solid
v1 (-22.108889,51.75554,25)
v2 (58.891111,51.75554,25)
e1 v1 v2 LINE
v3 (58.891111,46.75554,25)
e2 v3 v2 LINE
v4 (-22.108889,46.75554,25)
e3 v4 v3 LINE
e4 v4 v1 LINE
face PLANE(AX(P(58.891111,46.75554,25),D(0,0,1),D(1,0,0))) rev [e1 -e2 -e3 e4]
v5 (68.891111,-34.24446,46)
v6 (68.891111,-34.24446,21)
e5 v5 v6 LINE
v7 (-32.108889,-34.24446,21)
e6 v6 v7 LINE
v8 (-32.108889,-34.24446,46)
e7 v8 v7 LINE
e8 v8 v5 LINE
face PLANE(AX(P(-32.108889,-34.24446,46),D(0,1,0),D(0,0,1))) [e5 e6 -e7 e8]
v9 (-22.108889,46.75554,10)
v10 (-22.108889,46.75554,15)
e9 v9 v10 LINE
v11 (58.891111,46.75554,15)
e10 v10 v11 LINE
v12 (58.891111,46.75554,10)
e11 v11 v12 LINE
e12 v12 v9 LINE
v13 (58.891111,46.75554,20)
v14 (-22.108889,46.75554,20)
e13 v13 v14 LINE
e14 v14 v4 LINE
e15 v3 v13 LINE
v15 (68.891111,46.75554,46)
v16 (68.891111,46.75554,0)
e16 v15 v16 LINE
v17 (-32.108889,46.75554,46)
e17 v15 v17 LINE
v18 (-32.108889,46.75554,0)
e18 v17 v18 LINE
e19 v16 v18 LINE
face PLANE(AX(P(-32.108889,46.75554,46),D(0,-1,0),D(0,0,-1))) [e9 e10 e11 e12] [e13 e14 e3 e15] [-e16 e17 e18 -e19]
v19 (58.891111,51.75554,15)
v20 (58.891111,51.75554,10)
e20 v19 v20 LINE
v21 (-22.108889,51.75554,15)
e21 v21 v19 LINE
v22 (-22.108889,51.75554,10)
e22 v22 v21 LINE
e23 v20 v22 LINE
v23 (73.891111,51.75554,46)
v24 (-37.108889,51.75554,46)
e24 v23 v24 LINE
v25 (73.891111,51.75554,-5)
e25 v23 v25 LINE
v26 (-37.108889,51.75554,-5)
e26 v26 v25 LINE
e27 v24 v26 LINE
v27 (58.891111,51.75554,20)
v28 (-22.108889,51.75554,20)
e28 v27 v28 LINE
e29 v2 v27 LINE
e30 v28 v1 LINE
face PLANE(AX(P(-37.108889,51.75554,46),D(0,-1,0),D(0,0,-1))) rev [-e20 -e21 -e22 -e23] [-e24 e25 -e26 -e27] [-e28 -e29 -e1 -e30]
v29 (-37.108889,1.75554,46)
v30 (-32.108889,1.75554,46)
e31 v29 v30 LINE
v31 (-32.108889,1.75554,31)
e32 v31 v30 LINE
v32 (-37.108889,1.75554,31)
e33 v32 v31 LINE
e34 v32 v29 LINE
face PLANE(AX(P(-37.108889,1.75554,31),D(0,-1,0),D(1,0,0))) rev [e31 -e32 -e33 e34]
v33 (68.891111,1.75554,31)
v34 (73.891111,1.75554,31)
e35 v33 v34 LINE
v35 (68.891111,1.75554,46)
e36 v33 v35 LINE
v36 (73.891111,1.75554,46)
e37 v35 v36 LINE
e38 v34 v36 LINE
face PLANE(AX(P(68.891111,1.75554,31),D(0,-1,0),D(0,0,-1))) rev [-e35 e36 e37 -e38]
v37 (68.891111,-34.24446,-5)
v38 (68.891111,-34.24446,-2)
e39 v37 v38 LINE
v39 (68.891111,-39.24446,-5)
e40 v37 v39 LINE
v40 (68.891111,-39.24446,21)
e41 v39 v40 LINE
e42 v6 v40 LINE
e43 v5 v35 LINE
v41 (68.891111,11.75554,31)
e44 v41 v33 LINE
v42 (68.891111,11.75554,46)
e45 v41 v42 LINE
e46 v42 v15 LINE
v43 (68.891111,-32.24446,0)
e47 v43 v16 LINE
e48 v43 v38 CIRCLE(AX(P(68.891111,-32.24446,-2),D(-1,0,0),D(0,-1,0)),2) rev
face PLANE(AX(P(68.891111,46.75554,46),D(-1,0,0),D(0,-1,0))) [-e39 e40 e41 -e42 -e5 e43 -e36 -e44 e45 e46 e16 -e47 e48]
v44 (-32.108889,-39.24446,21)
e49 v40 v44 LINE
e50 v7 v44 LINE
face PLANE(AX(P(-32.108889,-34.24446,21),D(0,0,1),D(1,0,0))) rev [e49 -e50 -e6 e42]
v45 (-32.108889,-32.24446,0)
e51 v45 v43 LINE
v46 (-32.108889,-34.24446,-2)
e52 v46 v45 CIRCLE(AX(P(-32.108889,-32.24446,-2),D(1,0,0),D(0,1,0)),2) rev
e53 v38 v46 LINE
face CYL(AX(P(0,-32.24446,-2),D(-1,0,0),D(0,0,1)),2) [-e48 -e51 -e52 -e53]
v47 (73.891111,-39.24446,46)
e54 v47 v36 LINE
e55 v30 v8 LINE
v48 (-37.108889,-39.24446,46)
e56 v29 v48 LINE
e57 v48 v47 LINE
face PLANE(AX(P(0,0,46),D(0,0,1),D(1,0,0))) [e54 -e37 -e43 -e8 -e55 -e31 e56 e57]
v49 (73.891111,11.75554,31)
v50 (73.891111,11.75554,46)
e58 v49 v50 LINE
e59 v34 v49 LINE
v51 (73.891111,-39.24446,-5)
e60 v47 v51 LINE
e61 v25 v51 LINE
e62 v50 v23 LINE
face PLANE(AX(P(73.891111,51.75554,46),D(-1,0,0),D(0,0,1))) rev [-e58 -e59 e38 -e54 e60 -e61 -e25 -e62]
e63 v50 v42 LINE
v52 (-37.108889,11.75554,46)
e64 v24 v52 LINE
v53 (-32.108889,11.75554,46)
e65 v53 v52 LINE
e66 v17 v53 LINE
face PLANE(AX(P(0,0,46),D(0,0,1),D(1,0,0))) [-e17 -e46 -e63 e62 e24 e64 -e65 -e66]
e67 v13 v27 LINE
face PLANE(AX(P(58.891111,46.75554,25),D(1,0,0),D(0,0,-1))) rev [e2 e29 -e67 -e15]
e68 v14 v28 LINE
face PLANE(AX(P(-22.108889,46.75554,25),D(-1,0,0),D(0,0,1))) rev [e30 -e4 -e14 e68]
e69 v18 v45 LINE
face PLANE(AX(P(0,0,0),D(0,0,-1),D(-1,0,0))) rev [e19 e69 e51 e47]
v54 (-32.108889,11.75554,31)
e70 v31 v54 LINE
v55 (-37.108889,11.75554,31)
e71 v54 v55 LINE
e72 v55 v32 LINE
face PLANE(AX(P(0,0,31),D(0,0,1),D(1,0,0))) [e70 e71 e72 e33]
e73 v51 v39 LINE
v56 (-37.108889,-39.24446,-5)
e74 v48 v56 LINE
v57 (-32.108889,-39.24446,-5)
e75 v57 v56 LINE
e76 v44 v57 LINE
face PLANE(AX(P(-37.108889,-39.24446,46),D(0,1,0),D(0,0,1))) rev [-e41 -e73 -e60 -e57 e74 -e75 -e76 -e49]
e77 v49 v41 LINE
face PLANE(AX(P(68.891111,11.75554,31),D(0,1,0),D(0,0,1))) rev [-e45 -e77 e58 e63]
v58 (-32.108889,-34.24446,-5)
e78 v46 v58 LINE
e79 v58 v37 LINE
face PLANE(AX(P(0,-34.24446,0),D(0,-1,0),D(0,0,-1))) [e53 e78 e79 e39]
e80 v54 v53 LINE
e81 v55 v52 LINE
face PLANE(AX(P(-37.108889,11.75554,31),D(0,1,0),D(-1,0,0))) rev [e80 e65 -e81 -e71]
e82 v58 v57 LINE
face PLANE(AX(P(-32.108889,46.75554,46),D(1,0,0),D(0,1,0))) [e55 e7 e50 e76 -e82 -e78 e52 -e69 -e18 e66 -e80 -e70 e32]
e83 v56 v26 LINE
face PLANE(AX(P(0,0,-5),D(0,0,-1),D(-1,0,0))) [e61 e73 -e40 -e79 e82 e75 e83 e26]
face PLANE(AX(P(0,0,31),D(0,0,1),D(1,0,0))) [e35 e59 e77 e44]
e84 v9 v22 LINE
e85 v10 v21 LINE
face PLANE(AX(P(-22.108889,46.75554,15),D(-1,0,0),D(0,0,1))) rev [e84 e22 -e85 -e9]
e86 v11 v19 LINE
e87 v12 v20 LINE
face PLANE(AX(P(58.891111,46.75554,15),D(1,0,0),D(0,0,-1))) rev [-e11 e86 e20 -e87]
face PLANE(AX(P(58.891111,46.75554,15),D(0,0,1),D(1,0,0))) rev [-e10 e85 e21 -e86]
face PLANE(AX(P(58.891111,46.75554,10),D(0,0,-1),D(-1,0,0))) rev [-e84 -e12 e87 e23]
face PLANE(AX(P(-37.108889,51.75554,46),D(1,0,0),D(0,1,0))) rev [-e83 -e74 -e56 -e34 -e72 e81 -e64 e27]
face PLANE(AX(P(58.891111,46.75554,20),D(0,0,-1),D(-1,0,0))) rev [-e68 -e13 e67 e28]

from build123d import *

# Parameters (mm, degrees)
SKETCH_1_W          = 111
SKETCH_1_H          = 91
SKETCH_1_W_2        = 101
SKETCH_1_H_2        = 81
EXTRUDE_1_DEPTH     = 46
SKETCH_2_W          = 111
SKETCH_2_H          = 91
EXTRUDE_2_DEPTH     = 5
SKETCH_3_W          = 101
SKETCH_3_H          = 26
CUT_EXTRUDE_1_DEPTH = 5
FILLET_1_R          = 2
SKETCH_4_W          = 5
SKETCH_4_H          = 10
CUT_EXTRUDE_2_DEPTH = 15
SKETCH_5_W          = 81
SKETCH_5_H          = 5
CUT_EXTRUDE_3_DEPTH = 5


with BuildPart() as part:
    # 草圖1 → 填料-伸長1 (new body)
    with BuildSketch(Plane.XY):
        with Locations((18.39111128, 6.255540432)):
            Rectangle(SKETCH_1_W, SKETCH_1_H)
        with Locations((18.39111128, 6.255540432)):
            Rectangle(SKETCH_1_W_2, SKETCH_1_H_2, mode=Mode.SUBTRACT)
    extrude(amount=EXTRUDE_1_DEPTH)

    # 草圖2 → 填料-伸長2 (add)
    with BuildSketch(Plane(origin=(0, 0, 0), x_dir=(-1, 0, 0), z_dir=(0, 0, -1))):
        with Locations((-18.39111128, 6.255540432)):
            Rectangle(SKETCH_2_W, SKETCH_2_H)
    extrude(amount=EXTRUDE_2_DEPTH)

    # 草圖3 → 除料-伸長1 (cut)
    with BuildSketch(Plane.XZ.offset(39.244459568)):
        with Locations((18.39111128, 8)):
            Rectangle(SKETCH_3_W, SKETCH_3_H)
    extrude(amount=-CUT_EXTRUDE_1_DEPTH, mode=Mode.SUBTRACT)

    # 圓角1
    fillet_1_edges = [part.edges().sort_by_distance(p)[0] for p in [
        (18.39111128, -34.244459568, 0),
    ]]
    fillet(fillet_1_edges, radius=FILLET_1_R)

    # 草圖4 → 除料-伸長2 (cut)
    with BuildSketch(Plane.XY.offset(46)):
        with Locations((-34.60888872, 6.755540432)):
            Rectangle(SKETCH_4_W, SKETCH_4_H)
        with Locations((71.39111128, 6.755540432)):
            Rectangle(SKETCH_4_W, SKETCH_4_H)
    extrude(amount=-CUT_EXTRUDE_2_DEPTH, mode=Mode.SUBTRACT)

    # 草圖5 → 除料-伸長3 (cut)
    with BuildSketch(Plane(origin=(0, 51.755540432, 0), x_dir=(1, 0, 0), z_dir=(0, 1, 0))):
        with Locations((18.39111128, -22.5)):
            Rectangle(SKETCH_5_W, SKETCH_5_H)
        with Locations((18.39111128, -12.5)):
            Rectangle(SKETCH_5_W, SKETCH_5_H)
    extrude(amount=-CUT_EXTRUDE_3_DEPTH, mode=Mode.SUBTRACT)


solid = part.part
